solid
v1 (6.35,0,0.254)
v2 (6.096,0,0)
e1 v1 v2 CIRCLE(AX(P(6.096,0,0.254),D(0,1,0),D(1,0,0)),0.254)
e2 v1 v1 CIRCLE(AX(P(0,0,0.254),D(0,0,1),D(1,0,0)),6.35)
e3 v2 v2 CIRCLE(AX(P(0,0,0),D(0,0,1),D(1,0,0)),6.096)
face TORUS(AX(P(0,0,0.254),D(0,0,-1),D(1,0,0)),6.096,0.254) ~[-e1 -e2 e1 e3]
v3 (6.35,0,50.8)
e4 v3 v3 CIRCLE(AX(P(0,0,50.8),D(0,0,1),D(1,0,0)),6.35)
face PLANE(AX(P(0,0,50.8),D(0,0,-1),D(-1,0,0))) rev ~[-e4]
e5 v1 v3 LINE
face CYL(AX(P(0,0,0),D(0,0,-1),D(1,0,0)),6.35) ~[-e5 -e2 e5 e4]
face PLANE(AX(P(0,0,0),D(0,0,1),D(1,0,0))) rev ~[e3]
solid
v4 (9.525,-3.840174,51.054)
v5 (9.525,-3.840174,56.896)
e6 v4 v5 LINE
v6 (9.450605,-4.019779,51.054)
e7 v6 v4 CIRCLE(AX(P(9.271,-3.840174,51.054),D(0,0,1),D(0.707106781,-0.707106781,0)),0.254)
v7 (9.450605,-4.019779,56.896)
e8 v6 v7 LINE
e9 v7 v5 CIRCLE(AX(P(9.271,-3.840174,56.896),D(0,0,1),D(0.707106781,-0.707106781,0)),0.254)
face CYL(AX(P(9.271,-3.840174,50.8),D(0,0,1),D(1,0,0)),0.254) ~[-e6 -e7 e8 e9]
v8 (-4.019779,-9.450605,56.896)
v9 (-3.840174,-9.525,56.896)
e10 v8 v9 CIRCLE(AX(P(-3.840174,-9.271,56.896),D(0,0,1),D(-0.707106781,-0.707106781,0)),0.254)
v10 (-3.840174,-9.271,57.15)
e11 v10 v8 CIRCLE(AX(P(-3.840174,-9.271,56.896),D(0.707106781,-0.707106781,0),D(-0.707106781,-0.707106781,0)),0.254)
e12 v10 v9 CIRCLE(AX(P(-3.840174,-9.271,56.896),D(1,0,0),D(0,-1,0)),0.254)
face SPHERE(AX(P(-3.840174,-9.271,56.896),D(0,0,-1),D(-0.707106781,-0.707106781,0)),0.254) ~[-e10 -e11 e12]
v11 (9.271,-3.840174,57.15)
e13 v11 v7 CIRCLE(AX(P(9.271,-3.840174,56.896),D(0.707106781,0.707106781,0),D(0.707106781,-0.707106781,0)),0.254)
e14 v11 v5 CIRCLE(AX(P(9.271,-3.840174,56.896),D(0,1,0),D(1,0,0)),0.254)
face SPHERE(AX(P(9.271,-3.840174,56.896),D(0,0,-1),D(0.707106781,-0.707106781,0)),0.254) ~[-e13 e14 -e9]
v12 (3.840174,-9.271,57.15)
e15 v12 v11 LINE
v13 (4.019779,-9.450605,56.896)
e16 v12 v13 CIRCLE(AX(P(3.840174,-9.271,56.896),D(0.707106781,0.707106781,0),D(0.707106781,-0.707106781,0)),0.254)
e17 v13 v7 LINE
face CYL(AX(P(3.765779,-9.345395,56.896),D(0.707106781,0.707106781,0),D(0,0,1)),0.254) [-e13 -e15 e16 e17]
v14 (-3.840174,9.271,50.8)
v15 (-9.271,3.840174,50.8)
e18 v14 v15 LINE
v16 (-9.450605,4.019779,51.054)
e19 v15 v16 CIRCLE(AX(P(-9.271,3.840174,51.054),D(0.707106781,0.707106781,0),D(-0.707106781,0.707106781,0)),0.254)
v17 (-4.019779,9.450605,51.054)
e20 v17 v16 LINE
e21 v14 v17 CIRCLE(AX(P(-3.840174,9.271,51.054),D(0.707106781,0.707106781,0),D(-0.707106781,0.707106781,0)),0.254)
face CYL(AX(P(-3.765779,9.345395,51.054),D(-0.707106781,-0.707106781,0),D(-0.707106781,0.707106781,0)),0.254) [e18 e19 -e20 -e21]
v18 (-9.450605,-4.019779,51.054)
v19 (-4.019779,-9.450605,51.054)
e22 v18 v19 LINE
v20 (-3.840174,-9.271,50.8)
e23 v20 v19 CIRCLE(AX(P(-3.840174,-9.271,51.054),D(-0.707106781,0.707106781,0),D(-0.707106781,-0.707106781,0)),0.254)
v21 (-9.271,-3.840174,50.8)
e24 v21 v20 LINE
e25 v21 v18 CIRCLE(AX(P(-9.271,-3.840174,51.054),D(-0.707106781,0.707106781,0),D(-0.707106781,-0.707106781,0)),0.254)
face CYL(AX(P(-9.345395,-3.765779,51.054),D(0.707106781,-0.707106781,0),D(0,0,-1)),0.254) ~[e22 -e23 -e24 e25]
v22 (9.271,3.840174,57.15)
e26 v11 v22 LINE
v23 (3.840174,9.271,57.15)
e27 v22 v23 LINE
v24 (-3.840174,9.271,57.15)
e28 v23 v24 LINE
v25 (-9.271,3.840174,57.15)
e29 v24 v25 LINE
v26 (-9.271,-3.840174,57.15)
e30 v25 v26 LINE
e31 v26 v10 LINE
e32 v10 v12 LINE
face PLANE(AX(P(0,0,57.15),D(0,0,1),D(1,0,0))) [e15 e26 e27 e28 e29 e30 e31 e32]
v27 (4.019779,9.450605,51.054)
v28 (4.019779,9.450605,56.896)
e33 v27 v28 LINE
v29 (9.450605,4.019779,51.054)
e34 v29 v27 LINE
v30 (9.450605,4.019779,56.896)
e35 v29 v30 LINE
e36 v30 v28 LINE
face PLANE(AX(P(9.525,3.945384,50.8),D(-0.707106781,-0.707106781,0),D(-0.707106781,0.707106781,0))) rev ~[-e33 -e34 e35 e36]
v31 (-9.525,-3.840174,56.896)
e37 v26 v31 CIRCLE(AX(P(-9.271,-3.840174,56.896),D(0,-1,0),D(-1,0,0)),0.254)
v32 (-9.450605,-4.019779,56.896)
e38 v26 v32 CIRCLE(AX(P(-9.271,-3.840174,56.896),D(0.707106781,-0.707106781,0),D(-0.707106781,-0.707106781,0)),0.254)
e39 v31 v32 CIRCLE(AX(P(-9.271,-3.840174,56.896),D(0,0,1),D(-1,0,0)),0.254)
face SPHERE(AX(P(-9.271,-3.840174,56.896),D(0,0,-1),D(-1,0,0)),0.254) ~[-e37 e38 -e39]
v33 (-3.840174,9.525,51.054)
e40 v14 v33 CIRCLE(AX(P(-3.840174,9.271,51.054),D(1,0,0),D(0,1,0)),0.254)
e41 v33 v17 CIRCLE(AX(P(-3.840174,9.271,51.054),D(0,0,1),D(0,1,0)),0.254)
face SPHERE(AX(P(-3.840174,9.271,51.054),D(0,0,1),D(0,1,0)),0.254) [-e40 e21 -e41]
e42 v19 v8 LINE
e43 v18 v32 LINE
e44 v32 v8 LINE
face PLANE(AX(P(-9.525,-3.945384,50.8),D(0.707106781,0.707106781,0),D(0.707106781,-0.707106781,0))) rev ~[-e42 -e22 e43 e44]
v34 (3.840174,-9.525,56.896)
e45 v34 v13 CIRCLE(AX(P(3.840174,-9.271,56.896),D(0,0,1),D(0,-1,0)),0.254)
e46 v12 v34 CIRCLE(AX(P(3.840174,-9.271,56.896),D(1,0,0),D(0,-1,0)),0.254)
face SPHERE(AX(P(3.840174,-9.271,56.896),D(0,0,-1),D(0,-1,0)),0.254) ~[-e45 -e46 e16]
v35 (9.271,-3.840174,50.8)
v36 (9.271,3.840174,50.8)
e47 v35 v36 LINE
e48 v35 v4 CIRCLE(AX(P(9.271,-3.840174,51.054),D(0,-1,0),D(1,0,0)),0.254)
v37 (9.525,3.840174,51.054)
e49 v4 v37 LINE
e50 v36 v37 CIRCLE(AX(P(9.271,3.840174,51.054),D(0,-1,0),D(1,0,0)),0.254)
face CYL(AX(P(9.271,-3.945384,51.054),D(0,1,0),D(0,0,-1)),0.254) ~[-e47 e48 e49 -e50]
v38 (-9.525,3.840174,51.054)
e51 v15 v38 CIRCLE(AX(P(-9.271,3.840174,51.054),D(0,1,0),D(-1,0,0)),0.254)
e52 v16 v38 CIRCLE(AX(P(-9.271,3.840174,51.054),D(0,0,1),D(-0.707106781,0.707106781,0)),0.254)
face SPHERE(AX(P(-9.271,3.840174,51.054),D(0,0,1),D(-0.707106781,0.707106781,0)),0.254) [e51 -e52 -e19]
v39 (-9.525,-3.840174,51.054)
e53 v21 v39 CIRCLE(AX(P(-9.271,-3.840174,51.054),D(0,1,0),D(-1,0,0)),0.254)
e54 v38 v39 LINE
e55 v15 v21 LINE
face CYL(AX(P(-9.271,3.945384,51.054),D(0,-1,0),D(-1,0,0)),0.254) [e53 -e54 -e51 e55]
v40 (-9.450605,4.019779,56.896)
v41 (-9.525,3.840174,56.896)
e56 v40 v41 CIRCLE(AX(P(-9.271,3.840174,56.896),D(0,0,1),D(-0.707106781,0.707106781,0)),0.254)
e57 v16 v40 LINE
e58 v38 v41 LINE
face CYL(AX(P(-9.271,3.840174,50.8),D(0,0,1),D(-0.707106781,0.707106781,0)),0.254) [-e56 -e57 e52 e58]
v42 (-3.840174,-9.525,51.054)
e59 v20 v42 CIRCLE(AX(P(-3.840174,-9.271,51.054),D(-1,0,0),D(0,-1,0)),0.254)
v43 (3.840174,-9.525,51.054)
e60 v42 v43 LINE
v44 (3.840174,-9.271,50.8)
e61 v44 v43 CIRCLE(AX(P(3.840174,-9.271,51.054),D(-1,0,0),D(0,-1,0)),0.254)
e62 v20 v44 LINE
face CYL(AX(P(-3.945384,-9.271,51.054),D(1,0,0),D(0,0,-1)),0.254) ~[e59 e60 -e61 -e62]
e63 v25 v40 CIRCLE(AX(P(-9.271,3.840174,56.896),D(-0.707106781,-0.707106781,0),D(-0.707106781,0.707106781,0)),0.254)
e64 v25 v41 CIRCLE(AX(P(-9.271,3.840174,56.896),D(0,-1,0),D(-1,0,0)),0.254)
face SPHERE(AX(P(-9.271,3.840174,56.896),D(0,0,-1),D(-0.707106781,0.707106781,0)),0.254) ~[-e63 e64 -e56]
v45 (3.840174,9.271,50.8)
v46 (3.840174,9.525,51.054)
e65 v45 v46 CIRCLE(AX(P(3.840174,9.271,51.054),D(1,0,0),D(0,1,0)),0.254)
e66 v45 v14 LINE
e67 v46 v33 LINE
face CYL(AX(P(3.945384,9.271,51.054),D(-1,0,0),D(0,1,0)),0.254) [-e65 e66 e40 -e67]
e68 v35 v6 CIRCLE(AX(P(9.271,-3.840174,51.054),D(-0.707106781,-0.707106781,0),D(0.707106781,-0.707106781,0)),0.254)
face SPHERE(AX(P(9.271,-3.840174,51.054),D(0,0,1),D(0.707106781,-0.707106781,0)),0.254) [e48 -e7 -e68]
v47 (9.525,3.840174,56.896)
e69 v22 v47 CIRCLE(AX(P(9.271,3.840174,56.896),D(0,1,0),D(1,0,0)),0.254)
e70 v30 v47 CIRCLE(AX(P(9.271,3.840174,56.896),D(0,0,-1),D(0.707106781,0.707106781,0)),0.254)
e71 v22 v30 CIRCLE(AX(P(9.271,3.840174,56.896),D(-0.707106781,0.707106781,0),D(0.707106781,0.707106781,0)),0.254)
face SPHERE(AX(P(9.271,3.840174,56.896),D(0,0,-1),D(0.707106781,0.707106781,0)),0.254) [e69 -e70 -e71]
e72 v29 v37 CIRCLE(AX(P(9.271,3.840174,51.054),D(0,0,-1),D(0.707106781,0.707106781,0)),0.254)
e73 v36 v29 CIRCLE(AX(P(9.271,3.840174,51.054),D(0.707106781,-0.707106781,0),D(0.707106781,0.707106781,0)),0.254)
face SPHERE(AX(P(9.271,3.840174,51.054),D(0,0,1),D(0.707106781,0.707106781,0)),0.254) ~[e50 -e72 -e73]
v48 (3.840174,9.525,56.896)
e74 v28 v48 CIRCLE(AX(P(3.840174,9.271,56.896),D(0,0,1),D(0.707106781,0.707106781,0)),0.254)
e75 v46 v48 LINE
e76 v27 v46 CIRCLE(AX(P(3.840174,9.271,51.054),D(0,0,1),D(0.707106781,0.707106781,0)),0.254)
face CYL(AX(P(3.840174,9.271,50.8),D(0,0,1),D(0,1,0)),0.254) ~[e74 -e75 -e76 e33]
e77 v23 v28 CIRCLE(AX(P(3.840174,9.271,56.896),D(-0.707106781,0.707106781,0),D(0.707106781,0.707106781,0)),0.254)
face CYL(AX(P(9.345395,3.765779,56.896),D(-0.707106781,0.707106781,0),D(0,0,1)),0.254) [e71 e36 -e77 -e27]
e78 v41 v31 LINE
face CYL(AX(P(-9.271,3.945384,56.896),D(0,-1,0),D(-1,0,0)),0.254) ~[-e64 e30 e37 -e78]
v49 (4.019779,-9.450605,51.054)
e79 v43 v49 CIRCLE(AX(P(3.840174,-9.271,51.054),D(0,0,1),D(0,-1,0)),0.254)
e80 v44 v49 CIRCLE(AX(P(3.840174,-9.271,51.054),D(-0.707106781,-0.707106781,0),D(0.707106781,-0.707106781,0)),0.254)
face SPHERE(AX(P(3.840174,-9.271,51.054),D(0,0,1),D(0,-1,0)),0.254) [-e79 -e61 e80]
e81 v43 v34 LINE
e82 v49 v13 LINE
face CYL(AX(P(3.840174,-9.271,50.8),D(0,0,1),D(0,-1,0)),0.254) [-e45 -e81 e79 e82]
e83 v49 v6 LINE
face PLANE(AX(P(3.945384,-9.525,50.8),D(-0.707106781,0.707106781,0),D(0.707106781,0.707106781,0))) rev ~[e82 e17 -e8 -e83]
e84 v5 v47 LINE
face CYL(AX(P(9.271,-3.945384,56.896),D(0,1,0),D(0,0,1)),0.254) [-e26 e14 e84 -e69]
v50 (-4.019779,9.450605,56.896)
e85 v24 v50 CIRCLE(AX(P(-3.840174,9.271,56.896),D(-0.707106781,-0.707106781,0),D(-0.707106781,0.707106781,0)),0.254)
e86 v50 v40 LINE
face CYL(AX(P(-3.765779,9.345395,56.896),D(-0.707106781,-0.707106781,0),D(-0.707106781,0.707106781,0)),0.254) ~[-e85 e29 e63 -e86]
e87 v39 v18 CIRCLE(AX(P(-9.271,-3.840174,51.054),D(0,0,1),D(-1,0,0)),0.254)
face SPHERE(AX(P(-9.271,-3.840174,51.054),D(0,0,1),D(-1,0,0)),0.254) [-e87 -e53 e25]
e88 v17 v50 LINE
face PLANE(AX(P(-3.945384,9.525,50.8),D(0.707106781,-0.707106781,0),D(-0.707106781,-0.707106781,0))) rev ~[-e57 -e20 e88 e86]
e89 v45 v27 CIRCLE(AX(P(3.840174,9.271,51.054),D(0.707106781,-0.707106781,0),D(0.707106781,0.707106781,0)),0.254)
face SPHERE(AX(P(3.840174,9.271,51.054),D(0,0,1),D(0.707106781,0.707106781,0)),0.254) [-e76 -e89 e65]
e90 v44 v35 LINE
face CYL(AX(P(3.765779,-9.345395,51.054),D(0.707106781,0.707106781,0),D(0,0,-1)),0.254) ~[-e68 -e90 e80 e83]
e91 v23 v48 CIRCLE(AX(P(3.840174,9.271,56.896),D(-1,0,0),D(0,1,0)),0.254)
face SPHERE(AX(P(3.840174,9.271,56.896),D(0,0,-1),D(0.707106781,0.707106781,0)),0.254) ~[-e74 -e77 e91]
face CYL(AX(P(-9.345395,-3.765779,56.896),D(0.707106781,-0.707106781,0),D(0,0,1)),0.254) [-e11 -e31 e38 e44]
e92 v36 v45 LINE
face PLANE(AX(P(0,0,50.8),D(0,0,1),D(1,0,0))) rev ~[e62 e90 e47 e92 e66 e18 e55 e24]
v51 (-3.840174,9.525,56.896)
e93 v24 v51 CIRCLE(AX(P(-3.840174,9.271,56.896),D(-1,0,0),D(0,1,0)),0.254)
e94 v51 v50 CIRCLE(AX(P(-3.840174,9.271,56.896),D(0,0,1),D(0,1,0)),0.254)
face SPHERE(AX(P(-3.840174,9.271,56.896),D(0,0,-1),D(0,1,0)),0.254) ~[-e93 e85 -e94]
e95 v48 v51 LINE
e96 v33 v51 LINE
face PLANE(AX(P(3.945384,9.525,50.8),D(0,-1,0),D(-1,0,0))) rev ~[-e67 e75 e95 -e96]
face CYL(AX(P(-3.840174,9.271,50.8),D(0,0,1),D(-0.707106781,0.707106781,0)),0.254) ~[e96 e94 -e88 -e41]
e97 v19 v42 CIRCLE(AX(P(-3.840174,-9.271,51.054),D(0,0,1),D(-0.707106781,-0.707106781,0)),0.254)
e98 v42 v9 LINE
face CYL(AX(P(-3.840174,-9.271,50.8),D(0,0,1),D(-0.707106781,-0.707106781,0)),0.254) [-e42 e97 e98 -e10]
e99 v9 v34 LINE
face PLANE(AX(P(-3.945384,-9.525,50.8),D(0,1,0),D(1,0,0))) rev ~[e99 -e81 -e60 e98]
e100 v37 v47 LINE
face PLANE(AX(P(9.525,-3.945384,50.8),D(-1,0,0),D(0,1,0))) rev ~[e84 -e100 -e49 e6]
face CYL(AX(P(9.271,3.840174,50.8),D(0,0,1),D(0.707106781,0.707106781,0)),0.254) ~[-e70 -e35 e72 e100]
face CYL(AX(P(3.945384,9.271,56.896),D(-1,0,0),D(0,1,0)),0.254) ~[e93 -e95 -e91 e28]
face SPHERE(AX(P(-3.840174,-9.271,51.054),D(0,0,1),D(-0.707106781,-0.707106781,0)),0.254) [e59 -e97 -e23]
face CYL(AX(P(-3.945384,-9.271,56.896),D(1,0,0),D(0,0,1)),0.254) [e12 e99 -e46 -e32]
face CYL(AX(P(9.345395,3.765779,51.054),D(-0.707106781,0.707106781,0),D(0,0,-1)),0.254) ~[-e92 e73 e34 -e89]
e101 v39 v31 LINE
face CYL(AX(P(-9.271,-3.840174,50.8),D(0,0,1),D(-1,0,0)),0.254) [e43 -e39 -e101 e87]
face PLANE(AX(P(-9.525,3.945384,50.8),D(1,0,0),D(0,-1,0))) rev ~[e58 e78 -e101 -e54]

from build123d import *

# Parameters (mm, degrees)
SKETCH1_R           = 6.35
BOSS_EXTRUDE1_DEPTH = 50.8
BOSS_EXTRUDE3_DEPTH = 6.35
FILLET1_R           = 0.254
FILLET2_R           = 0.254


with BuildPart() as part:
    # Sketch1 → Boss-Extrude1 (new body)
    with BuildSketch(Plane.XY):
        Circle(SKETCH1_R)
    extrude(amount=BOSS_EXTRUDE1_DEPTH)

    # Sketch2 → Boss-Extrude3 (add)
    with BuildSketch(Plane.XY.offset(50.8)):
        Polygon((-3.945384182, 9.525), (-9.525, 3.945384182), (-9.525, -3.945384182), (-3.945384182, -9.525), (3.945384182, -9.525), (9.525, -3.945384182), (9.525, 3.945384182), (3.945384182, 9.525), align=None)
    extrude(amount=BOSS_EXTRUDE3_DEPTH)


with BuildPart() as body_2:
    # Split1: the piece on the far side of the plane
    add(part.part)
    split(bisect_by=Plane(origin=(0, 0, 50.8), x_dir=(-1, 0, 0), z_dir=(0, 0, -1)), keep=Keep.BOTTOM)

    # Fillet1
    fillet1_edges = [body_2.edges().sort_by_distance(p)[0] for p in [
        (3.945384182, 9.525, 53.975),
        (6.735192091, 6.735192091, 50.8),
        (0, 9.525, 50.8),
        (-6.735192091, 6.735192091, 50.8),
        (-9.525, 0, 50.8),
        (-6.735192091, -6.735192091, 50.8),
        (0, -9.525, 50.8),
        (6.735192091, -6.735192091, 50.8),
        (9.525, 0, 50.8),
        (6.735192091, 6.735192091, 57.15),
        (0, 9.525, 57.15),
        (-6.735192091, 6.735192091, 57.15),
        (-9.525, 0, 57.15),
        (-6.735192091, -6.735192091, 57.15),
        (0, -9.525, 57.15),
        (6.735192091, -6.735192091, 57.15),
        (9.525, 0, 57.15),
        (9.525, 3.945384182, 53.975),
        (9.525, -3.945384182, 53.975),
        (3.945384182, -9.525, 53.975),
        (-3.945384182, -9.525, 53.975),
        (-9.525, -3.945384182, 53.975),
        (-9.525, 3.945384182, 53.975),
        (-3.945384182, 9.525, 53.975),
    ]]
    fillet(fillet1_edges, radius=FILLET1_R)


with BuildPart() as part_1:
    add(part.part)

    # Split1
    split(bisect_by=Plane(origin=(0, 0, 50.8), x_dir=(-1, 0, 0), z_dir=(0, 0, -1)), keep=Keep.TOP)

    # Fillet2
    fillet2_edges = [part_1.edges().sort_by_distance(p)[0] for p in [
        (-6.35, 0, 0),
    ]]
    fillet(fillet2_edges, radius=FILLET2_R)


solid = Compound([body_2.part, part_1.part])
